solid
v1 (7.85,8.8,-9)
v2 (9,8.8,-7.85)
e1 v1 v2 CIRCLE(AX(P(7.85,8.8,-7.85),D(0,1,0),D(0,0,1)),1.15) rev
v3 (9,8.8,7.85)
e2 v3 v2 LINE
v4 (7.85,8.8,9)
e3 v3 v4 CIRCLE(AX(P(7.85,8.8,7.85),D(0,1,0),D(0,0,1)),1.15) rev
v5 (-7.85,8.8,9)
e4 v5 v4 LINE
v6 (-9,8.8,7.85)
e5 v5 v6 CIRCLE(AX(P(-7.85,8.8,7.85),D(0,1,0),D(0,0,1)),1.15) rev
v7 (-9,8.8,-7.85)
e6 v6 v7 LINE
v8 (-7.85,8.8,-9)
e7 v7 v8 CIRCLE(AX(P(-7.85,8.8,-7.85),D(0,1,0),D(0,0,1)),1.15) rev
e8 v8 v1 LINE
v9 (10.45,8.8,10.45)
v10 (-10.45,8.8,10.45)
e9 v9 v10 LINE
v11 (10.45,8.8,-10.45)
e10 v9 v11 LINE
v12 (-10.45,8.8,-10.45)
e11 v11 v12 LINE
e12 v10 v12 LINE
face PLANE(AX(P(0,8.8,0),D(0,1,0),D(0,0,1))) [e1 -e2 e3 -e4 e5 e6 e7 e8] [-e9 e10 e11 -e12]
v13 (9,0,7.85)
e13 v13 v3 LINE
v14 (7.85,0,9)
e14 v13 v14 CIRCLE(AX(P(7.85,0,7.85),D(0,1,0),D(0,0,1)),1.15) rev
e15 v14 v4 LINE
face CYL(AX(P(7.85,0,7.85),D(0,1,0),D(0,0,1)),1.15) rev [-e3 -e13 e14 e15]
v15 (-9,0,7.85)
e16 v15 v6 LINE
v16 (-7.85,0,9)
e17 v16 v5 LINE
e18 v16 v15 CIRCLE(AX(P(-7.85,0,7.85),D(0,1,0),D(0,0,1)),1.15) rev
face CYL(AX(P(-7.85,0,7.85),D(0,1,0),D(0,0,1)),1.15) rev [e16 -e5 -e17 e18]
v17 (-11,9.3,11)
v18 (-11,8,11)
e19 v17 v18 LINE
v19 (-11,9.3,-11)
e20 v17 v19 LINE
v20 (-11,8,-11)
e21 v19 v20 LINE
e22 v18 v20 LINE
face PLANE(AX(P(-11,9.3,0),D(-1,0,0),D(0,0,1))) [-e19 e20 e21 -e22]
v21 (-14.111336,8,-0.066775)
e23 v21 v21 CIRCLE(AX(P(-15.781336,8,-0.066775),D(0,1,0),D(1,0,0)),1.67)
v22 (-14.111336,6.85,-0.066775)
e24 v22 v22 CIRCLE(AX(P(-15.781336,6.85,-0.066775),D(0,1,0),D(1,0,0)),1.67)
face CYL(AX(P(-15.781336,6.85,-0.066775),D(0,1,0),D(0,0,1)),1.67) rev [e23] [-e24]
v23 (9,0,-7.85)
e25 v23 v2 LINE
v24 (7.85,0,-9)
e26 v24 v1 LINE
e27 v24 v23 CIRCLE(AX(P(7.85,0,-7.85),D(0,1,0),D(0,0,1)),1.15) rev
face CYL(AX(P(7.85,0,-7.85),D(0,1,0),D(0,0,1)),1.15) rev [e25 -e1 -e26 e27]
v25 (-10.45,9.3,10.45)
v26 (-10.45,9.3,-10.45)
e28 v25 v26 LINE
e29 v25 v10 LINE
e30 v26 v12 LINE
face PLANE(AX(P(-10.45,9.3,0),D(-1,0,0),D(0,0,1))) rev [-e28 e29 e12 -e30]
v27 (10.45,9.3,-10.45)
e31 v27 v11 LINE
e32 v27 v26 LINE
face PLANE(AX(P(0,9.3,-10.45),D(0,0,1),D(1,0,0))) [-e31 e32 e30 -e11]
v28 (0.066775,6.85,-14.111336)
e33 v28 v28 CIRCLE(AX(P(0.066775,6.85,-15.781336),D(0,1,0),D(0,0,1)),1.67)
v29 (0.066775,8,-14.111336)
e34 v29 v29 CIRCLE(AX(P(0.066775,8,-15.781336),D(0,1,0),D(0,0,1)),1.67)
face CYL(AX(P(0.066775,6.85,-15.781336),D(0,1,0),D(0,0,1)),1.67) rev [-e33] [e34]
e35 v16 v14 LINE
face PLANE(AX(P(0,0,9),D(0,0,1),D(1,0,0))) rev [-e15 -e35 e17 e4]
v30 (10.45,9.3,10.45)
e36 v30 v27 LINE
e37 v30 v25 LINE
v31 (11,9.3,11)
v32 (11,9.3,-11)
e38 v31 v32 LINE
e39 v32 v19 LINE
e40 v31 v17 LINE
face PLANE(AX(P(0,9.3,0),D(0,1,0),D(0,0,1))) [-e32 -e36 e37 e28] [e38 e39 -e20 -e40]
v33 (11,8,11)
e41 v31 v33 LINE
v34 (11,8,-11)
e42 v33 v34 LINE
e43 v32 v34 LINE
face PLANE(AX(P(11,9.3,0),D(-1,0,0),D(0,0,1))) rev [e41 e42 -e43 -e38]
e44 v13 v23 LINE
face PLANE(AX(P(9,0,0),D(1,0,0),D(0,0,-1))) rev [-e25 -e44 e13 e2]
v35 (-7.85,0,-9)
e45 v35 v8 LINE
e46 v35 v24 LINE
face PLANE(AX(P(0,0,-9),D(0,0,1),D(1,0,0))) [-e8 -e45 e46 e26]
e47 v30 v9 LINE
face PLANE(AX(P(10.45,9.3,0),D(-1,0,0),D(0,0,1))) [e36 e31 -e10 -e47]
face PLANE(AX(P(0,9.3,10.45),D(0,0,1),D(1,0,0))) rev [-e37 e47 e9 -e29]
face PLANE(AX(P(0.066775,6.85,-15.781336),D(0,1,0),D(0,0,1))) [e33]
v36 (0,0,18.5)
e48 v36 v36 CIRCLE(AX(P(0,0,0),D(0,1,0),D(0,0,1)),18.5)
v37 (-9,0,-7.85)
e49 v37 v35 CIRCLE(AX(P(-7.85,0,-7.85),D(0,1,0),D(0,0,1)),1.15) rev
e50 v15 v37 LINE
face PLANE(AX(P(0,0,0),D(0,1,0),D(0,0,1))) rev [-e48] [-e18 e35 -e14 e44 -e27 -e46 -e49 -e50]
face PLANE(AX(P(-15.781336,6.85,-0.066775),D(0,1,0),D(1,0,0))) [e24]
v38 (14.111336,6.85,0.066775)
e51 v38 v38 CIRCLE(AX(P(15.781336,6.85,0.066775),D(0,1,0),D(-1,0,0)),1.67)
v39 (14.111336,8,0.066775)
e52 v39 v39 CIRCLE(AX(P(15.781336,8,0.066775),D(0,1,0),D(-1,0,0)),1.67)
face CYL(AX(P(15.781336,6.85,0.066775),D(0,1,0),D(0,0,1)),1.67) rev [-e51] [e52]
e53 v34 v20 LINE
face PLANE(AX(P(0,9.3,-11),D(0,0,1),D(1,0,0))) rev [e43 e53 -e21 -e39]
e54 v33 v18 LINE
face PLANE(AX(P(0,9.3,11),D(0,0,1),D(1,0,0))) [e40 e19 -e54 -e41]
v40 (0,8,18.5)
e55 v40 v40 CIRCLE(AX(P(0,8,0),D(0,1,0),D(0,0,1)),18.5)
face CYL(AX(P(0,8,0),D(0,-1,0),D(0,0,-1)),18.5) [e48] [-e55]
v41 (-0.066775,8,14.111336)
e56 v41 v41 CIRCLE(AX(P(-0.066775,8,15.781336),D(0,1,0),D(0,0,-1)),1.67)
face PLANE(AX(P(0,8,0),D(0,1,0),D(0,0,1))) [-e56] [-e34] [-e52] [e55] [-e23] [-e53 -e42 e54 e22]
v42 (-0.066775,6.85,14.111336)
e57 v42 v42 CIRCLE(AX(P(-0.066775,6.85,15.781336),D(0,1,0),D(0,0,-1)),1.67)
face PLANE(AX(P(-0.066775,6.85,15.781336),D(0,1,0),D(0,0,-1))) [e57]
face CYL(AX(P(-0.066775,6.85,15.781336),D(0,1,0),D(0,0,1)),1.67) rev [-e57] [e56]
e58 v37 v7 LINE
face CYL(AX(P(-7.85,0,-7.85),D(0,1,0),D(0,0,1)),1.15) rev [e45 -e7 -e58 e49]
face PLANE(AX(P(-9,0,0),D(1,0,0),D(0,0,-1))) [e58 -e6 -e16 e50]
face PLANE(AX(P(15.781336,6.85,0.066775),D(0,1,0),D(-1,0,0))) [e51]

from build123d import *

# Parameters (mm, degrees)
SKETCH1_R           = 18.5
BOSS_EXTRUDE1_DEPTH = 8
SKETCH11_R          = 1.67
CUT_EXTRUDE5_DEPTH  = 1.15
CIRPATTERN1_COUNT   = 4
SKETCH13_W          = 22
SKETCH13_H          = 22
SKETCH13_W_2        = 20.9
SKETCH13_H_2        = 20.9
BOSS_EXTRUDE3_DEPTH = 1.3
SKETCH12_W          = 22
SKETCH12_H          = 22
BOSS_EXTRUDE2_DEPTH = 0.8
CUT_EXTRUDE6_DEPTH  = 28.603260677


with BuildPart() as part:
    # Sketch1 → Boss-Extrude1 (new body)
    with BuildSketch(Plane(origin=(0, 0, 0), x_dir=(1, 0, 0), z_dir=(0, 1, 0))):
        with Locations(Location((0, 0, 0), (0, 0, 270))):
            Circle(SKETCH1_R)
    extrude(amount=BOSS_EXTRUDE1_DEPTH)

    # Sketch11 → Cut-Extrude5 (cut)
    with BuildSketch(Plane(origin=(0, 8, 0), x_dir=(1, 0, 0), z_dir=(0, 1, 0))):
        with Locations(Location((0.066774753, 15.781335524, 0), (0, 0, 270))):
            Circle(SKETCH11_R)
    cut_extrude5 = extrude(amount=-CUT_EXTRUDE5_DEPTH, mode=Mode.SUBTRACT)

    # CirPattern1: Cut-Extrude5 ×4 about axis
    cirpattern1_axis = Axis((0, 0, 0), (0, 1, 0))
    for i in range(1, CIRPATTERN1_COUNT):
        add(cut_extrude5.rotate(cirpattern1_axis, i * 360 / CIRPATTERN1_COUNT), mode=Mode.SUBTRACT)

    # Sketch13 → Boss-Extrude3 (add)
    with BuildSketch(Plane(origin=(0, 8, 0), x_dir=(1, 0, 0), z_dir=(0, 1, 0))):
        Rectangle(SKETCH13_W, SKETCH13_H)
        Rectangle(SKETCH13_W_2, SKETCH13_H_2, mode=Mode.SUBTRACT)
    extrude(amount=BOSS_EXTRUDE3_DEPTH)

    # Sketch12 → Boss-Extrude2 (add)
    with BuildSketch(Plane(origin=(0, 8, 0), x_dir=(1, 0, 0), z_dir=(0, 1, 0))):
        Rectangle(SKETCH12_W, SKETCH12_H)
    extrude(amount=BOSS_EXTRUDE2_DEPTH)

    # Sketch14 → Cut-Extrude6 (cut, through all)
    with BuildSketch(Plane(origin=(0, 8.8, 0), x_dir=(1, 0, 0), z_dir=(0, 1, 0))):
        with BuildLine():
            ThreePointArc((-9, -7.85), (-8.663172798, -8.663172798), (-7.85, -9))
            Line((-7.85, -9), (7.85, -9))
            ThreePointArc((7.85, -9), (8.663172798, -8.663172798), (9, -7.85))
            Line((9, -7.85), (9, 7.85))
            ThreePointArc((9, 7.85), (8.663172798, 8.663172798), (7.85, 9))
            Line((7.85, 9), (-7.85, 9))
            ThreePointArc((-7.85, 9), (-8.663172798, 8.663172798), (-9, 7.85))
            Line((-9, 7.85), (-9, -7.85))
        make_face()
    extrude(amount=-CUT_EXTRUDE6_DEPTH, mode=Mode.SUBTRACT)


solid = part.part
